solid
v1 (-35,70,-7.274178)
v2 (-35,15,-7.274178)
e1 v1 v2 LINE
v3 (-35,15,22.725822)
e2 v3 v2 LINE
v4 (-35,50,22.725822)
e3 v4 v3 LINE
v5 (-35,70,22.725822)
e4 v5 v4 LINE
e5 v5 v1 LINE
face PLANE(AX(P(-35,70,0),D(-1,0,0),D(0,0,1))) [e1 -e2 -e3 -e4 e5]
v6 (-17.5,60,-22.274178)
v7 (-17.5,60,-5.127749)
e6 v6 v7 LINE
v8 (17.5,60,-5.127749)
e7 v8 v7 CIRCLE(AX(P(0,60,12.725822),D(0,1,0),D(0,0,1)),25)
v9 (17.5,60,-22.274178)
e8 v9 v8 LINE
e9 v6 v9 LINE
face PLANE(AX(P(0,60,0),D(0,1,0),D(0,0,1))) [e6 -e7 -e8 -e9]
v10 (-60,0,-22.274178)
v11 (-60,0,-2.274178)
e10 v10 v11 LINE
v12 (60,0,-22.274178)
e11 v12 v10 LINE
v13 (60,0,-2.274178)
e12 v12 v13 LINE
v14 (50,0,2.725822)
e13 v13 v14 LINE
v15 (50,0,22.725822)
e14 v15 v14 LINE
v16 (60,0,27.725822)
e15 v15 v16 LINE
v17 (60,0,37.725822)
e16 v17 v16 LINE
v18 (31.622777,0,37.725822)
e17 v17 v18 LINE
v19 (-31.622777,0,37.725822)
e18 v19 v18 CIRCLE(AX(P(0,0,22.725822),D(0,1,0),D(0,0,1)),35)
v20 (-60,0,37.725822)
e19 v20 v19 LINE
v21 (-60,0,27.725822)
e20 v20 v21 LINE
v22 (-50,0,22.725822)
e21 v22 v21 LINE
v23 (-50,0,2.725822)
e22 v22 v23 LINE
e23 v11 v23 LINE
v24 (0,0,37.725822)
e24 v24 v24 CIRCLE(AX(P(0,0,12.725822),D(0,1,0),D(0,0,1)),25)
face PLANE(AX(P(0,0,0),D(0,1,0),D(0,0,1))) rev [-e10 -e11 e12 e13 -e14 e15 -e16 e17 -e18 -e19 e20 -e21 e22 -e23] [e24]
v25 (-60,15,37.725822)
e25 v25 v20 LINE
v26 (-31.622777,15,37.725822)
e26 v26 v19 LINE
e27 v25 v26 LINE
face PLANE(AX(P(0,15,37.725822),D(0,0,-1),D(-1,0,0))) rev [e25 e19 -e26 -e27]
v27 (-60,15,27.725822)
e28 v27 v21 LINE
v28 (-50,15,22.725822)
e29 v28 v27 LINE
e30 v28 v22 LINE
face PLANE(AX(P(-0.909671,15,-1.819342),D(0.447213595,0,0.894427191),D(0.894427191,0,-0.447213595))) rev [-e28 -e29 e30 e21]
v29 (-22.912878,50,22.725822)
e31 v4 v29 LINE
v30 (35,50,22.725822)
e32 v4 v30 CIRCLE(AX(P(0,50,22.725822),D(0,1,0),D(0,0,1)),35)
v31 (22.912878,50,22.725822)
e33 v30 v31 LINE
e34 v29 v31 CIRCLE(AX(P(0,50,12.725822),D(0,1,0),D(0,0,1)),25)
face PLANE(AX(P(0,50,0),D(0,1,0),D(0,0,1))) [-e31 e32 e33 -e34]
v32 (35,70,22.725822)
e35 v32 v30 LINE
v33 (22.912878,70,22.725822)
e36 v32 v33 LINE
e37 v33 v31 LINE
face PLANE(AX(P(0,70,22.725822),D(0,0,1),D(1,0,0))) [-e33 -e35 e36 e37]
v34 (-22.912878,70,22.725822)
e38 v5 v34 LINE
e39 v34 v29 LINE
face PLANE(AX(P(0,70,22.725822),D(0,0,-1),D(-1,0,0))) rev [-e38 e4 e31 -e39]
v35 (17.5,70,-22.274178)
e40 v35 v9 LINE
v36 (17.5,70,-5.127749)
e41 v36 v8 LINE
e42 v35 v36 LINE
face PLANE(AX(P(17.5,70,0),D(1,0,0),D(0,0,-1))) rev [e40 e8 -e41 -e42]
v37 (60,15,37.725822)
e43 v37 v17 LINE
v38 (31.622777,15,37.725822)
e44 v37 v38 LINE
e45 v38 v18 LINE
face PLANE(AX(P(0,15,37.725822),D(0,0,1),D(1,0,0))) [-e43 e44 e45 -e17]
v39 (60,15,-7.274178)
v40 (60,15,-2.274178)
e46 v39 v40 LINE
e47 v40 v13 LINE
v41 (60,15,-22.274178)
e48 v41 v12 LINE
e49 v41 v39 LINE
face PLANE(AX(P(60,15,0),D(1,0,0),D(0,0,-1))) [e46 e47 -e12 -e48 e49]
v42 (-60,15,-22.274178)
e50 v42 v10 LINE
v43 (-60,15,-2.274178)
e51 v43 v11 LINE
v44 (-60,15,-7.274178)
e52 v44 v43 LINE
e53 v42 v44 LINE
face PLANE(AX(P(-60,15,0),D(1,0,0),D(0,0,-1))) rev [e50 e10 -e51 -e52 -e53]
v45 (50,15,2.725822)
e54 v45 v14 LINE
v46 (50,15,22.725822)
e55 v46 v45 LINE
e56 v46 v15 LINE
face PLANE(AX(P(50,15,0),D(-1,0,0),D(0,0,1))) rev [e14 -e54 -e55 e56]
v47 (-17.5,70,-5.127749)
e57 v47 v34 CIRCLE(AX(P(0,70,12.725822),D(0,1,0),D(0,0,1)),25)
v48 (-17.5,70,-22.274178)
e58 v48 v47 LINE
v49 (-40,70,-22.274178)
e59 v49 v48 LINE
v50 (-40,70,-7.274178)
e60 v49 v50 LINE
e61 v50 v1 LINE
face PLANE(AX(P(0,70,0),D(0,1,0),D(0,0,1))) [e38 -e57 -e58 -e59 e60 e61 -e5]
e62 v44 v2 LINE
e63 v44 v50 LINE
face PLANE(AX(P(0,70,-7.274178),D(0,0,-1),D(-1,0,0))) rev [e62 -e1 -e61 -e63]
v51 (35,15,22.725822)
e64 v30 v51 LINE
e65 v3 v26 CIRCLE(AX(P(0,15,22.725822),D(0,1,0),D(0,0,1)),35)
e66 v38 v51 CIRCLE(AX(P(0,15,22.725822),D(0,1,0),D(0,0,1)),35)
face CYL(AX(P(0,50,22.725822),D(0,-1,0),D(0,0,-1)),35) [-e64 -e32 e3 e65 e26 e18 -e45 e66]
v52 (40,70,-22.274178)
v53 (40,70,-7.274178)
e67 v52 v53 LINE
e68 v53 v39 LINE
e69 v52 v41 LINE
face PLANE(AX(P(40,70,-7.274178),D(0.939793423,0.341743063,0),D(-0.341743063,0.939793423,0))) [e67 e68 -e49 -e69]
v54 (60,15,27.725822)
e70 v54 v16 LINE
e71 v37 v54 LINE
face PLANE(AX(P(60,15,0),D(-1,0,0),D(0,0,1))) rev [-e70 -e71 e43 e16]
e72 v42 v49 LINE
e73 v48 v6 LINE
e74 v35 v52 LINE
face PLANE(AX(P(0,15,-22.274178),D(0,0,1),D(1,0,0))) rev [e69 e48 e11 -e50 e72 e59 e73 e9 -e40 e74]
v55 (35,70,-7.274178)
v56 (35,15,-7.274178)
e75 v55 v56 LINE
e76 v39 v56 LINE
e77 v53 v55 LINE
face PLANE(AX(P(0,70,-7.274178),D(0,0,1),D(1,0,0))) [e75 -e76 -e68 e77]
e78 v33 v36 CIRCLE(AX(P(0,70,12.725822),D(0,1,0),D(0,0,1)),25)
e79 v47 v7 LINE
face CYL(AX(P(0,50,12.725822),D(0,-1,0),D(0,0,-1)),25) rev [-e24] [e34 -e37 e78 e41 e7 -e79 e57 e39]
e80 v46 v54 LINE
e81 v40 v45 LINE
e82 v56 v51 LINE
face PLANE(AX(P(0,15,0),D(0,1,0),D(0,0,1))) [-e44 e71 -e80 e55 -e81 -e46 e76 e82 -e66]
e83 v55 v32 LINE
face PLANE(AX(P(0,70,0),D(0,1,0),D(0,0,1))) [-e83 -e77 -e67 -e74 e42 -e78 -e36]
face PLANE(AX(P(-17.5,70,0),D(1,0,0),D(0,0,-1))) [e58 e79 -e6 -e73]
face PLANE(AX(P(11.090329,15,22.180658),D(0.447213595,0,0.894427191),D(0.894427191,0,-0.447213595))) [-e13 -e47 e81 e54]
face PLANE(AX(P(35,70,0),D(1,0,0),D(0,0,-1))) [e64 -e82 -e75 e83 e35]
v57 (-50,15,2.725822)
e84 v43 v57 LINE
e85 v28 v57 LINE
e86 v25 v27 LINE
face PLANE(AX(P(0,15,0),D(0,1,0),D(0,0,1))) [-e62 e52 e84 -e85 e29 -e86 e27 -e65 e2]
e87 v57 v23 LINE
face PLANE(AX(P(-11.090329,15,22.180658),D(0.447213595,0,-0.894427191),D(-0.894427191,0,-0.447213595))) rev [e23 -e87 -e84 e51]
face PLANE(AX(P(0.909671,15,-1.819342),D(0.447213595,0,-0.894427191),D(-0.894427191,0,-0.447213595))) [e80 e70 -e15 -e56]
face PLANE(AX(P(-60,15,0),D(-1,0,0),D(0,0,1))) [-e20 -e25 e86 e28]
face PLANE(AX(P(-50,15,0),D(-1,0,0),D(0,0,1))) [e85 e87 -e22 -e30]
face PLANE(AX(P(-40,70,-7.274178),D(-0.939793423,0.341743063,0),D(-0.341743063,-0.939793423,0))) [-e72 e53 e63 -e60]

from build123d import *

# Parameters (mm, degrees)
BOSS_EXTRUDE1_DEPTH   = 15
BOSS_EXTRUDE1_2_DEPTH = 15
BOSS_EXTRUDE2_DEPTH   = 50
BOSS_EXTRUDE3_DEPTH   = 70
BOSS_EXTRUDE4_DEPTH   = 60
BOSS_EXTRUDE5_DEPTH   = 15


with BuildPart() as part:
    # Sketch1 → Boss-Extrude1 (new body)
    with BuildSketch(Plane(origin=(0, 0, 0), x_dir=(1, 0, 0), z_dir=(0, 1, 0))):
        with BuildLine():
            ThreePointArc((-31.622776602, -37.725821986), (-34.145257219, -30.413566094), (-35, -22.725821986))
            Line((-35, -22.725821986), (-35, 7.274178014))
            Line((-35, 7.274178014), (-40, 7.274178014))
            Line((-40, 7.274178014), (-40, 22.274178014))
            Line((-40, 22.274178014), (-60, 22.274178014))
            Line((-60, 22.274178014), (-60, 2.274178014))
            Line((-60, 2.274178014), (-50, -2.725821986))
            Line((-50, -2.725821986), (-50, -22.725821986))
            Line((-50, -22.725821986), (-60, -27.725821986))
            Line((-60, -27.725821986), (-60, -37.725821986))
            Line((-60, -37.725821986), (-31.622776602, -37.725821986))
        make_face()
    extrude(amount=BOSS_EXTRUDE1_DEPTH)



with BuildPart() as body_2:
    # Sketch1 → Boss-Extrude1 2 (new body)
    with BuildSketch(Plane(origin=(0, 0, 0), x_dir=(1, 0, 0), z_dir=(0, 1, 0))):
        with BuildLine():
            ThreePointArc((35, -22.725821986), (34.145257219, -30.413566094), (31.622776602, -37.725821986))
            Line((31.622776602, -37.725821986), (60, -37.725821986))
            Line((60, -37.725821986), (60, -27.725821986))
            Line((60, -27.725821986), (50, -22.725821986))
            Line((50, -22.725821986), (50, -2.725821986))
            Line((50, -2.725821986), (60, 2.274178014))
            Line((60, 2.274178014), (60, 22.274178014))
            Line((60, 22.274178014), (40, 22.274178014))
            Line((40, 22.274178014), (40, 7.274178014))
            Line((40, 7.274178014), (35, 7.274178014))
            Line((35, 7.274178014), (35, -22.725821986))
        make_face()
    extrude(amount=BOSS_EXTRUDE1_2_DEPTH)


with BuildPart() as part_1:
    add(part.part)

    add(body_2.part)  # Boss-Extrude2 merges body 2
    # Sketch1<3> → Boss-Extrude2 (add)
    with BuildSketch(Plane(origin=(0, 0, 0), x_dir=(1, 0, 0), z_dir=(0, 1, 0))):
        with BuildLine():
            Line((-22.912878475, -22.725821986), (-35, -22.725821986))
            ThreePointArc((-35, -22.725821986), (0, -57.725821986), (35, -22.725821986))
            Line((35, -22.725821986), (22.912878475, -22.725821986))
            ThreePointArc((22.912878475, -22.725821986), (0, -37.725821986), (-22.912878475, -22.725821986))
        make_face()
    extrude(amount=BOSS_EXTRUDE2_DEPTH)

    # Sketch1<4> → Boss-Extrude3 (add)
    with BuildSketch(Plane(origin=(0, 0, 0), x_dir=(1, 0, 0), z_dir=(0, 1, 0))):
        with BuildLine():
            Line((-35, 7.274178014), (-35, -22.725821986))
            Line((-35, -22.725821986), (-22.912878475, -22.725821986))
            ThreePointArc((-22.912878475, -22.725821986), (-24.540895298, -7.956706975), (-17.5, 5.127749085))
            Line((-17.5, 5.127749085), (-17.5, 22.274178014))
            Line((-17.5, 22.274178014), (-40, 22.274178014))
            Line((-40, 22.274178014), (-40, 7.274178014))
            Line((-40, 7.274178014), (-35, 7.274178014))
        make_face()
        with BuildLine():
            ThreePointArc((17.5, 5.127749085), (24.540895298, -7.956706975), (22.912878475, -22.725821986))
            Line((22.912878475, -22.725821986), (35, -22.725821986))
            Line((35, -22.725821986), (35, 7.274178014))
            Line((35, 7.274178014), (40, 7.274178014))
            Line((40, 7.274178014), (40, 22.274178014))
            Line((40, 22.274178014), (17.5, 22.274178014))
            Line((17.5, 22.274178014), (17.5, 5.127749085))
        make_face()
    extrude(amount=BOSS_EXTRUDE3_DEPTH)

    # Sketch1<5> → Boss-Extrude4 (add)
    with BuildSketch(Plane(origin=(0, 0, 0), x_dir=(1, 0, 0), z_dir=(0, 1, 0))):
        with BuildLine():
            Line((-17.5, 22.274178014), (-17.5, 5.127749085))
            ThreePointArc((-17.5, 5.127749085), (0, 12.274178014), (17.5, 5.127749085))
            Line((17.5, 5.127749085), (17.5, 22.274178014))
            Line((17.5, 22.274178014), (-17.5, 22.274178014))
        make_face()
    extrude(amount=BOSS_EXTRUDE4_DEPTH)

    # Sketch3 → Boss-Extrude5 (add)
    with BuildSketch(Plane(origin=(0, 0, -22.274178014), x_dir=(-1, 0, 0), z_dir=(0, 0, -1))):
        Polygon((60, 15), (40, 15), (40, 70), align=None)
        Polygon((-60, 15), (-40, 15), (-40, 70), align=None)
    extrude(amount=-BOSS_EXTRUDE5_DEPTH)


solid = part_1.part
